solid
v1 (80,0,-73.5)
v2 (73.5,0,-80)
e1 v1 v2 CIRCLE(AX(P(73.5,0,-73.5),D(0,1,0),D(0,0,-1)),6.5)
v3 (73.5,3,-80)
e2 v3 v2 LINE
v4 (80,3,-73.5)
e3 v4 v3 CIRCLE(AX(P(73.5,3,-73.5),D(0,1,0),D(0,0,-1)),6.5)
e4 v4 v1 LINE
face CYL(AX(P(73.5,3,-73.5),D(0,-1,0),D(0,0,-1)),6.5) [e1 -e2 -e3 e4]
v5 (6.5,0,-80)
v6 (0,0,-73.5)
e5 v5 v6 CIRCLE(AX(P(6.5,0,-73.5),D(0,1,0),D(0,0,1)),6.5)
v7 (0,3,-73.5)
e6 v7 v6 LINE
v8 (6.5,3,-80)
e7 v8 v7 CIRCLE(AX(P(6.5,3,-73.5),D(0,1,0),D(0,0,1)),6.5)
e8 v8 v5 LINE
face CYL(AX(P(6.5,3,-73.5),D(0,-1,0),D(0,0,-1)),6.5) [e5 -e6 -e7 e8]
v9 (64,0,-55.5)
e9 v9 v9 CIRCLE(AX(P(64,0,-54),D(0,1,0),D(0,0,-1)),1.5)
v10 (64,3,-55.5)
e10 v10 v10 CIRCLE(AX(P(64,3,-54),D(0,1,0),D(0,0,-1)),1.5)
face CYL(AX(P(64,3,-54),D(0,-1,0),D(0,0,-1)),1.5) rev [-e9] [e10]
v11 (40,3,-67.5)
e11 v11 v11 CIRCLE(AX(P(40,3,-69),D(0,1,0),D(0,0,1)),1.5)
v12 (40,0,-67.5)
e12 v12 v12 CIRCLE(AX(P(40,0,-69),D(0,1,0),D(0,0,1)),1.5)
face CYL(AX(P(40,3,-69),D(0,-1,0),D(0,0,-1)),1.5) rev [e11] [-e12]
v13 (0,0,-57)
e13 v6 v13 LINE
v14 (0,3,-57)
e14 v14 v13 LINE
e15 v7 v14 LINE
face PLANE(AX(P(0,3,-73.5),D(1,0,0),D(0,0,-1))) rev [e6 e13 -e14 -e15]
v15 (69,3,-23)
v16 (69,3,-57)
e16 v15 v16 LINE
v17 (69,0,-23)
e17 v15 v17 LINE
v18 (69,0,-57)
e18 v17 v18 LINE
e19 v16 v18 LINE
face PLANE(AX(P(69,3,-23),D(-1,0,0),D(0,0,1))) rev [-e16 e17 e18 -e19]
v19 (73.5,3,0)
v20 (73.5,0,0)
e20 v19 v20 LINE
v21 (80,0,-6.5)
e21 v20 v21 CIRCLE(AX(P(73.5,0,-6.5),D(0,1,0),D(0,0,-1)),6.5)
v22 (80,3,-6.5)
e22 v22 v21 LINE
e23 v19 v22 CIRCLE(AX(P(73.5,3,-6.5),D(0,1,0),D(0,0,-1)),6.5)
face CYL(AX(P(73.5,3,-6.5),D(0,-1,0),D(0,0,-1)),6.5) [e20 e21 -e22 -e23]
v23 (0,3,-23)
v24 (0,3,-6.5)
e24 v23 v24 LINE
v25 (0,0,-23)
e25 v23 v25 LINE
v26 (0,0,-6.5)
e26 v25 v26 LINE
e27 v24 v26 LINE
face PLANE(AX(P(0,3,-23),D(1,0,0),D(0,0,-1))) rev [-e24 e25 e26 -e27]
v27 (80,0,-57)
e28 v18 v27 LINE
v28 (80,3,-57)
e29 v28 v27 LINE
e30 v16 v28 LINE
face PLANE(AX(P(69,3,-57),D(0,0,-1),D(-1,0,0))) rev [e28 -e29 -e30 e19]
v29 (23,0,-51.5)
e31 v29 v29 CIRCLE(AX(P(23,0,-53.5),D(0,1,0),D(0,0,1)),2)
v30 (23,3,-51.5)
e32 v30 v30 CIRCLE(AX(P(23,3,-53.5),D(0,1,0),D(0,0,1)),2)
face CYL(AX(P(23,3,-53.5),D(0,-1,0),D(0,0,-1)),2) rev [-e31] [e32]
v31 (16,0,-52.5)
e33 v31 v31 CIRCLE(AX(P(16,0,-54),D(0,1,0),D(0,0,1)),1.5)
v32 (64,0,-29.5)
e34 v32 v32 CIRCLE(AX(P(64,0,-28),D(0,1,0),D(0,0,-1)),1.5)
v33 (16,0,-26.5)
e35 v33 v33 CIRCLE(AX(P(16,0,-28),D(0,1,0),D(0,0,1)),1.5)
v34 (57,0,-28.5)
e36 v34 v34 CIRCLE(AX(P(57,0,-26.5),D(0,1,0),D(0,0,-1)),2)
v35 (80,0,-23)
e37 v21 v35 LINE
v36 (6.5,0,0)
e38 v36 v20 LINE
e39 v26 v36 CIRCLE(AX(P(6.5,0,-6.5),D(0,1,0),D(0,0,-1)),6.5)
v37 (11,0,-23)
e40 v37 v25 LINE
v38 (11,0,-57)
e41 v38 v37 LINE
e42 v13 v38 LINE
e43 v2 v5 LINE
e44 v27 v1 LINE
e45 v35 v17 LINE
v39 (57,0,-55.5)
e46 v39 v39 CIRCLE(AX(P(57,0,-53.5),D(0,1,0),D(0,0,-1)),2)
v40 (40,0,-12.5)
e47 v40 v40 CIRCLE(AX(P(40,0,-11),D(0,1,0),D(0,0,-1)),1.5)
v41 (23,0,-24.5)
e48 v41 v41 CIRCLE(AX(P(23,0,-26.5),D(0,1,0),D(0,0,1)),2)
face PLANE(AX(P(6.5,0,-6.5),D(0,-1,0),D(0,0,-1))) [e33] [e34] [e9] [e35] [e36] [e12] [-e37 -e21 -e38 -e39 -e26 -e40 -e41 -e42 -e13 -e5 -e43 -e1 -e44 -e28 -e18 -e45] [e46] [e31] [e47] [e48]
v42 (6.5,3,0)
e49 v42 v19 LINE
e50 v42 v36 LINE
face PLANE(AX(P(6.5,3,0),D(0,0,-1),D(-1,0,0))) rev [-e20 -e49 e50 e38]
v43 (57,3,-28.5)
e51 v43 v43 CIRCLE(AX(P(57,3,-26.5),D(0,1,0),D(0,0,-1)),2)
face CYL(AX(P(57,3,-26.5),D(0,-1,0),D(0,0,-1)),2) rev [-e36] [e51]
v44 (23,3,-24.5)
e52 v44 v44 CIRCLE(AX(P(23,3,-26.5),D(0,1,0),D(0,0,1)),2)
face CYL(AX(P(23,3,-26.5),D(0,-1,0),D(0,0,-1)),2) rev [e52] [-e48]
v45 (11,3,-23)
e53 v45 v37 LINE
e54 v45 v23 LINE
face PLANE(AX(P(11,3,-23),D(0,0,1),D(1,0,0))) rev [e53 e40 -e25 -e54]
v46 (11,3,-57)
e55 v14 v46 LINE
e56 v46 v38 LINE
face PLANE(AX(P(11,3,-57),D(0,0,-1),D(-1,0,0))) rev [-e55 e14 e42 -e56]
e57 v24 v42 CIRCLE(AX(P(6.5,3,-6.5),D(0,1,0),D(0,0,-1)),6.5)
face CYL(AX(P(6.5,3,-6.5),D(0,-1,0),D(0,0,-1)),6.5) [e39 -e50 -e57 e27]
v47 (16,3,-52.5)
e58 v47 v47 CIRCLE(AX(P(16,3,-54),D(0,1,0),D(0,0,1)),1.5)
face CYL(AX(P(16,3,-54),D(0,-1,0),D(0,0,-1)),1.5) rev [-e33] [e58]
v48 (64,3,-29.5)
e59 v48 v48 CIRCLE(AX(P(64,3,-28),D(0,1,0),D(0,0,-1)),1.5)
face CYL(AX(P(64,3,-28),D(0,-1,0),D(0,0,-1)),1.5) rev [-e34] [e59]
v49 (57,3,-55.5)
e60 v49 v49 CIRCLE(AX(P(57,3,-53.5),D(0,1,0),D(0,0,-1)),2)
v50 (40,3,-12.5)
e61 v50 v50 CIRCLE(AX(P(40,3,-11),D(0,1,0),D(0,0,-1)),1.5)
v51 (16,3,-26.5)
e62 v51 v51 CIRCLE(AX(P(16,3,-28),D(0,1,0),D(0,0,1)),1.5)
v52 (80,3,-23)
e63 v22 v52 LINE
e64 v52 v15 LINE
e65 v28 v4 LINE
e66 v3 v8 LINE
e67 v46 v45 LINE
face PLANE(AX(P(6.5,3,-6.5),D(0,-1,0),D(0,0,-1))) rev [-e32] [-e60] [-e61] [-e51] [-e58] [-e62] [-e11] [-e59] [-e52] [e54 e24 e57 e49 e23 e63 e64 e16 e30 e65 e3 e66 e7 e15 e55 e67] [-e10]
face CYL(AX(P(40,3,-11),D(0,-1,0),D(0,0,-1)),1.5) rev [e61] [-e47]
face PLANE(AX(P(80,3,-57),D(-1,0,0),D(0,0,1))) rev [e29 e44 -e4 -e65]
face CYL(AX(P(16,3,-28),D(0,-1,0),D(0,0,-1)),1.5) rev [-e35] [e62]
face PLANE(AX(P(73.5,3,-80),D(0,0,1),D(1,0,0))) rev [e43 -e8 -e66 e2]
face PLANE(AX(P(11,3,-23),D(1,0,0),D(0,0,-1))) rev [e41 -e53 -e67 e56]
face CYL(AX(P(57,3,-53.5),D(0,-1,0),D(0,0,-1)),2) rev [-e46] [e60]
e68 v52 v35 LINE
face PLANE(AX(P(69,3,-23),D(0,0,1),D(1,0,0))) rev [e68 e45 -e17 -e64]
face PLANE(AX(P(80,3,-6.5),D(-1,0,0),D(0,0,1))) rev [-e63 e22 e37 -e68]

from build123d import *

# Parameters (mm, degrees)
SKETCH1_R           = 1.5
SKETCH1_R_2         = 2
BOSS_EXTRUDE1_DEPTH = 3


with BuildPart() as part:
    # Sketch1 → Boss-Extrude1 (new body)
    with BuildSketch(Plane(origin=(0, 0, 0), x_dir=(1, 0, 0), z_dir=(0, 1, 0))):
        with BuildLine():
            Line((6.5, 0), (73.5, 0))
            ThreePointArc((73.5, 0), (78.096194078, 1.903805922), (80, 6.5))
            Line((80, 6.5), (80, 23))
            Line((80, 23), (69, 23))
            Line((69, 23), (69, 57))
            Line((69, 57), (80, 57))
            Line((80, 57), (80, 73.5))
            ThreePointArc((80, 73.5), (78.096194078, 78.096194078), (73.5, 80))
            Line((73.5, 80), (6.5, 80))
            ThreePointArc((6.5, 80), (1.903805922, 78.096194078), (0, 73.5))
            Line((0, 73.5), (0, 57))
            Line((0, 57), (11, 57))
            Line((11, 57), (11, 23))
            Line((11, 23), (0, 23))
            Line((0, 23), (0, 6.5))
            ThreePointArc((0, 6.5), (1.903805922, 1.903805922), (6.5, 0))
        make_face()
        with Locations(Location((16, 54, 0), (0, 0, 270))):
            Circle(SKETCH1_R, mode=Mode.SUBTRACT)
        with Locations(Location((16, 28, 0), (0, 0, 270))):
            Circle(SKETCH1_R, mode=Mode.SUBTRACT)
        with Locations(Location((64, 28, 0), (0, 0, 90))):
            Circle(SKETCH1_R, mode=Mode.SUBTRACT)
        with Locations(Location((64, 54, 0), (0, 0, 90))):
            Circle(SKETCH1_R, mode=Mode.SUBTRACT)
        with Locations(Location((23, 53.5, 0), (0, 0, 270))):
            Circle(SKETCH1_R_2, mode=Mode.SUBTRACT)
        with Locations(Location((23, 26.5, 0), (0, 0, 270))):
            Circle(SKETCH1_R_2, mode=Mode.SUBTRACT)
        with Locations(Location((57, 26.5, 0), (0, 0, 90))):
            Circle(SKETCH1_R_2, mode=Mode.SUBTRACT)
        with Locations(Location((57, 53.5, 0), (0, 0, 90))):
            Circle(SKETCH1_R_2, mode=Mode.SUBTRACT)
        with Locations(Location((40, 69, 0), (0, 0, 270))):
            Circle(SKETCH1_R, mode=Mode.SUBTRACT)
        with Locations(Location((40, 11, 0), (0, 0, 90))):
            Circle(SKETCH1_R, mode=Mode.SUBTRACT)
    extrude(amount=BOSS_EXTRUDE1_DEPTH)


solid = part.part
